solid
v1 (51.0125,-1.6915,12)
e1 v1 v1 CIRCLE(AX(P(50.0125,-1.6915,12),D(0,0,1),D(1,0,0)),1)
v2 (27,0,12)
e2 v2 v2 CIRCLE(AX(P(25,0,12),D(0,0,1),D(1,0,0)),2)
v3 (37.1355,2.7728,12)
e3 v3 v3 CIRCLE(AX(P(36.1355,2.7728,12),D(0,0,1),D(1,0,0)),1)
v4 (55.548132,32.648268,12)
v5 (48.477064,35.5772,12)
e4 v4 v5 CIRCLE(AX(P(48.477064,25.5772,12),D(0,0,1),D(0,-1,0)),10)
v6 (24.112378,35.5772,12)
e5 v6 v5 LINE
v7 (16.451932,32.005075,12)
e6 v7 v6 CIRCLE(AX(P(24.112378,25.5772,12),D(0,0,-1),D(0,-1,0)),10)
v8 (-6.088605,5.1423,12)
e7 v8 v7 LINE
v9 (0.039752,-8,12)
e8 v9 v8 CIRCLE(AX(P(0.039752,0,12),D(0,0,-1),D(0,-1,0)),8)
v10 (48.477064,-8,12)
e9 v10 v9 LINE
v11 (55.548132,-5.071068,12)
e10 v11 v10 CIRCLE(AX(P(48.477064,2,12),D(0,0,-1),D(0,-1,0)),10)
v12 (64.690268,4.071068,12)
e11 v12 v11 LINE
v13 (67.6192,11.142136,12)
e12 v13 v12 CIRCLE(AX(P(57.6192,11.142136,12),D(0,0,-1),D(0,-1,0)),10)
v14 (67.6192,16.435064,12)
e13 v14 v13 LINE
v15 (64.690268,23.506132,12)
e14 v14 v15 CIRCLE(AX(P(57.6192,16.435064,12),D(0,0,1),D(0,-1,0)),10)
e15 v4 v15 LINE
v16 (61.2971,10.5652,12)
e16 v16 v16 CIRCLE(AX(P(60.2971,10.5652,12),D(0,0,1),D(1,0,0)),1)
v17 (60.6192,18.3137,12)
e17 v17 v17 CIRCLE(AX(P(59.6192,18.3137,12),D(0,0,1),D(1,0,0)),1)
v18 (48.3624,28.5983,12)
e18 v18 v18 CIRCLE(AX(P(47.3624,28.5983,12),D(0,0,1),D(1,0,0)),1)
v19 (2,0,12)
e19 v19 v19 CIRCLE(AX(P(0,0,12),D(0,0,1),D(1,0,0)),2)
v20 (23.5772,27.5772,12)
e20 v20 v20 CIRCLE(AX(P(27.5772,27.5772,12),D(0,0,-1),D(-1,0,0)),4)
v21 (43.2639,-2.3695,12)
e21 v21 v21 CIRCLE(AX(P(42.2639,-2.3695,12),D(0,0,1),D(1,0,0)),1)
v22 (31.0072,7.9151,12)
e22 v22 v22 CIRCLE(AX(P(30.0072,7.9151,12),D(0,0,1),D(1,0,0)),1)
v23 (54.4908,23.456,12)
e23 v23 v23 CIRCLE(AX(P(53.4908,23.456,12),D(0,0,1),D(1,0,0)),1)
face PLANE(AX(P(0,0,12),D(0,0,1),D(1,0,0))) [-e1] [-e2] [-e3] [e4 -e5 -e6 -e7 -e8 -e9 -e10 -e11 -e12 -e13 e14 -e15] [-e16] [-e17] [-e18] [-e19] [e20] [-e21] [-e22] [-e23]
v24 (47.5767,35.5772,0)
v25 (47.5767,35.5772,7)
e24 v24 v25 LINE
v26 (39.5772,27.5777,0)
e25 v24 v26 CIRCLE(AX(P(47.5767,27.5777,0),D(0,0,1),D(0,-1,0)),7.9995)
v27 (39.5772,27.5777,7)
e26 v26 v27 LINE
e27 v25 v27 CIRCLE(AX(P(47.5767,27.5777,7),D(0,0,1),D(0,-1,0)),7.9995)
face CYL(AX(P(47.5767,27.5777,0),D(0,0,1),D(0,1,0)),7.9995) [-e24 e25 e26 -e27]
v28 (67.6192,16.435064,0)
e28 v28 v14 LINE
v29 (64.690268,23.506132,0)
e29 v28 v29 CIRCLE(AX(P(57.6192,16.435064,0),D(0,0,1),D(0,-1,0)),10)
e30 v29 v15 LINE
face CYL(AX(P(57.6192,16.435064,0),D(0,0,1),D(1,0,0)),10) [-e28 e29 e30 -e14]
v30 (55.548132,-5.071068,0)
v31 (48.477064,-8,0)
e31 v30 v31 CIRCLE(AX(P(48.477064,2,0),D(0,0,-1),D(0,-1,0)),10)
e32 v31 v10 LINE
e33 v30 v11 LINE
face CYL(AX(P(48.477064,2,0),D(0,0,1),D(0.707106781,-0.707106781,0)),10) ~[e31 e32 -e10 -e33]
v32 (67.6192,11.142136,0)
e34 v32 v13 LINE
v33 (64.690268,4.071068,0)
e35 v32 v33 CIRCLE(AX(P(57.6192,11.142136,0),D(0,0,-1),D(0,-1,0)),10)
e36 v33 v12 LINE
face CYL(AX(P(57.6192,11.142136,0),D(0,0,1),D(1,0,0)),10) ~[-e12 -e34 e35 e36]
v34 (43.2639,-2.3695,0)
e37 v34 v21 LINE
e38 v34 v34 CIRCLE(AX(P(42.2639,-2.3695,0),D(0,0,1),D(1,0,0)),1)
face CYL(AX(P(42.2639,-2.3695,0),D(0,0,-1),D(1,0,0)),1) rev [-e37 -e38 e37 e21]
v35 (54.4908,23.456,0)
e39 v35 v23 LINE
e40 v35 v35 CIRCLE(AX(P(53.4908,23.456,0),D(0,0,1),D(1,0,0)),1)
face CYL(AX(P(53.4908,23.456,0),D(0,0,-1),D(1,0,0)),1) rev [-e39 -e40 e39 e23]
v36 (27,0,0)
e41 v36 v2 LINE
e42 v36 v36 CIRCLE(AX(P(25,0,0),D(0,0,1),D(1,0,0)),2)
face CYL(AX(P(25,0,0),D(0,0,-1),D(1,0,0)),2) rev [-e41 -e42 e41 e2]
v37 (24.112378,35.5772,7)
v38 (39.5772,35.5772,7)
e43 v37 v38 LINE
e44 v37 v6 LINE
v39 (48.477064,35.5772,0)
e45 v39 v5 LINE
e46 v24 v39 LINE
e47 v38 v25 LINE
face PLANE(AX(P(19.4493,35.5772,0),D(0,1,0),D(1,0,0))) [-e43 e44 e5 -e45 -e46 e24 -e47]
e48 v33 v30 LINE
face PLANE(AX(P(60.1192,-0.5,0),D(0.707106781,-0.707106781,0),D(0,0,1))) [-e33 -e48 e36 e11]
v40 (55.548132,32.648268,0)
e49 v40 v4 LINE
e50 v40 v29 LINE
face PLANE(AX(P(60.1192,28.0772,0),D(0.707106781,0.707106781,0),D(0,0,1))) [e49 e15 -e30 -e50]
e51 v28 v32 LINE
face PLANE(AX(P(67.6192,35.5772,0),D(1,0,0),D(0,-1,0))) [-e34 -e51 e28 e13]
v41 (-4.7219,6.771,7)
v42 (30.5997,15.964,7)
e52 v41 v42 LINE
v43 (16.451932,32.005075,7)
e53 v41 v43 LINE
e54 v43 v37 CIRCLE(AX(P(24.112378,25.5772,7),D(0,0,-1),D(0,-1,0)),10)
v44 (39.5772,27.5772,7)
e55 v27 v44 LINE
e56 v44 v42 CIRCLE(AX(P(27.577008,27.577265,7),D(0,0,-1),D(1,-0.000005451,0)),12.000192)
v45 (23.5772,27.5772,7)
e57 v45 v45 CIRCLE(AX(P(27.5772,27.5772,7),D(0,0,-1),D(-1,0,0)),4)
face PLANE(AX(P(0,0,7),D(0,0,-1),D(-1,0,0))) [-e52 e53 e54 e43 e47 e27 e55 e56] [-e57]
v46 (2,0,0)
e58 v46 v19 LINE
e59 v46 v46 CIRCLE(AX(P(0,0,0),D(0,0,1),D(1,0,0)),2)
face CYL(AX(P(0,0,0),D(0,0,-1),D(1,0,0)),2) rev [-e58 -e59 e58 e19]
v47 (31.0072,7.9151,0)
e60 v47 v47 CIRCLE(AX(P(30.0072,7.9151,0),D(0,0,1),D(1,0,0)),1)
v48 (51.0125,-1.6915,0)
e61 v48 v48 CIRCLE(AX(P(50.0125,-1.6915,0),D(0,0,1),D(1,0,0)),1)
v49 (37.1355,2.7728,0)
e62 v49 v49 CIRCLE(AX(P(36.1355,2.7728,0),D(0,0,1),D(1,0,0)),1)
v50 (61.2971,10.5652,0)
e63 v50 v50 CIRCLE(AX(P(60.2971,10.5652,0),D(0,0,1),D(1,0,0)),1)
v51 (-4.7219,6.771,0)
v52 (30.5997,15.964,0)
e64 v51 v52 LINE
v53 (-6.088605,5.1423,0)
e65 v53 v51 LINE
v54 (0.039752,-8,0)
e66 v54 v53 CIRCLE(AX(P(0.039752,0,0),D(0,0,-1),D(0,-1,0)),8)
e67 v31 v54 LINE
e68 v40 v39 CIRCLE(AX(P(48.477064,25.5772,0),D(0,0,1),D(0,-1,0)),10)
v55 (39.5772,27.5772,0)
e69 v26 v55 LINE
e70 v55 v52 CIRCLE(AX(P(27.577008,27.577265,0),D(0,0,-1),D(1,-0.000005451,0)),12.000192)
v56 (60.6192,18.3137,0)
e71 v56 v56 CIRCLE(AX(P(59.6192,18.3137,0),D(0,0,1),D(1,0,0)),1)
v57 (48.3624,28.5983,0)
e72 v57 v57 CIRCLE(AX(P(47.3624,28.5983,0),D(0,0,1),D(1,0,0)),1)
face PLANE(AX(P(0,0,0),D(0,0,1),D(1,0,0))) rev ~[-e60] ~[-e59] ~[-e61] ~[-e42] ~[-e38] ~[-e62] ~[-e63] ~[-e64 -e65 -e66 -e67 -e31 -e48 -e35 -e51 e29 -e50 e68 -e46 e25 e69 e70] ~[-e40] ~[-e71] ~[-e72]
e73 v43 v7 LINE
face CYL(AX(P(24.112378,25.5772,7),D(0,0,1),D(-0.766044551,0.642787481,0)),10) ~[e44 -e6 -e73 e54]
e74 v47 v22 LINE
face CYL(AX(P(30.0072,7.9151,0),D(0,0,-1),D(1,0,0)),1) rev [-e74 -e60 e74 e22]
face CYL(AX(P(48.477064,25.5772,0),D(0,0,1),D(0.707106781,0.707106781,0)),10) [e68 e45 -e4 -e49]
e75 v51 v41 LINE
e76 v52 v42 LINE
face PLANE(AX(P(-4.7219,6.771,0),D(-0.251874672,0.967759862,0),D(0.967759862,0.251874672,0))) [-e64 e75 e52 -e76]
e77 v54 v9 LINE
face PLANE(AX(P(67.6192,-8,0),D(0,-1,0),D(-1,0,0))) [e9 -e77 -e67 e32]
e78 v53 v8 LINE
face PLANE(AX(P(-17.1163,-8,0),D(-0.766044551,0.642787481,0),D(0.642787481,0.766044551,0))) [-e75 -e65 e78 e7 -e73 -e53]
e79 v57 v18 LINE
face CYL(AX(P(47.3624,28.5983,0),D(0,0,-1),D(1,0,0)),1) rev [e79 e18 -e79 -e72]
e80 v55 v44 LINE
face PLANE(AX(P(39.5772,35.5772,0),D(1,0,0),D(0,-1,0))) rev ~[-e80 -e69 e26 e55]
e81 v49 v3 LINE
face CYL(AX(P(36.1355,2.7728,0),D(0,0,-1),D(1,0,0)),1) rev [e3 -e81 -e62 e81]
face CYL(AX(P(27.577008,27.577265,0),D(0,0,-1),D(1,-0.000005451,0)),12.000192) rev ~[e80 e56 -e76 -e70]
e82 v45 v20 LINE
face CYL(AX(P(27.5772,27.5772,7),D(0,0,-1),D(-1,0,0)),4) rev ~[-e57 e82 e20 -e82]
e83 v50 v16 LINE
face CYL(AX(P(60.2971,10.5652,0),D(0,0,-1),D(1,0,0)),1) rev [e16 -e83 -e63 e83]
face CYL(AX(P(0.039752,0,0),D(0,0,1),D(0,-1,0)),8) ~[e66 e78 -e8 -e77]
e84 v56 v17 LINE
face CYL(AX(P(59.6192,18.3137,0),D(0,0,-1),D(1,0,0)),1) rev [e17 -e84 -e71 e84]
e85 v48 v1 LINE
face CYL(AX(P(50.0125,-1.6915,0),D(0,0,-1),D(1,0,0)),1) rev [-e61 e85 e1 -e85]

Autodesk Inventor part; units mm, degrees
ref_plane "YZ Plane" through (0, 0, 0) normal (1, 0, 0) x (0, 1, 0)
ref_plane "XZ Plane" through (0, 0, 0) normal (0, 1, 0) x (-1, 0, 0)
ref_plane "XY Plane" through (0, 0, 0) normal (0, 0, 1) x (1, 0, 0)
sketch "Esquisse1" plane through (0, 0, 0) normal (0, 0, 1) x (1, 0, 0)
  circle A0 centre (0, 0) radius 2
  line L0 (0, 0) -> (46.5696, 0) construction
  line L1 (0, 0) -> (27.5772, 27.5772) construction
  circle A1 centre (27.5772, 27.5772) radius 2
  line L2 (27.5772, 27.5772) -> (55.1548, 4.4368) construction
  line L3 (27.5772, 27.5772) -> (45.4581, 27.5772) construction
  line L4 (0, 0) -> (0, -8) construction
  line L5 (0, 0) -> (-5.6569, 5.6569) construction
  line L6 (27.5772, 27.5772) -> (27.5772, 35.5772) construction
  line L7 (27.5772, 27.5772) -> (36.2548, 37.9188) construction
  line L8 (36.2548, 37.9188) -> (41.2341, 33.7406) construction
  line L9 (41.2341, 33.7406) -> (47.3624, 28.5983) construction
  line L10 (47.3624, 28.5983) -> (53.4908, 23.456) construction
  line L11 (53.4908, 23.456) -> (59.6192, 18.3137) construction
  line L12 (55.1548, 4.4368) -> (60.2971, 10.5652) construction
  circle A2 centre (41.2341, 33.7406) radius 1 construction
  circle A3 centre (47.3624, 28.5983) radius 1
  circle A4 centre (53.4908, 23.456) radius 1
  circle A5 centre (59.6192, 18.3137) radius 1
  circle A6 centre (60.2971, 10.5652) radius 1
  line L13 (59.6192, 18.3137) -> (67.6192, 18.3137) construction
  line L14 (67.6192, 35.5772) -> (67.6192, -8)
  line L15 (67.6192, -8) -> (-17.1163, -8)
  line L16 (-17.1163, -8) -> (19.4493, 35.5772)
  line L17 (19.4493, 35.5772) -> (67.6192, 35.5772)
  circle A7 centre (23.8788, 13.0574) radius 1 construction
  circle A8 centre (30.0072, 7.9151) radius 1
  circle A9 centre (36.1355, 2.7728) radius 1
  circle A10 centre (42.2639, -2.3695) radius 1
  circle A11 centre (50.0125, -1.6915) radius 1
  line L18 (0, 0) -> (25, 0) construction
  circle A12 centre (25, 0) radius 2
  dimension "d0" = 4
  dimension "d1" = 39
  dimension "d2" = 45
  dimension "d3" = 36
  dimension "d4" = 40
  dimension "d5" = 8
  dimension "d6" = 8
  dimension "d7" = 8
  dimension "d8" = 13.5
  dimension "d9" = 6.5
  dimension "d10" = 8
  dimension "d11" = 8
  dimension "d12" = 8
  dimension "d13" = 8
  dimension "d14" = 2
  dimension "d15" = 8
  dimension "d16" = 25
extrude "Extrusion1" add sketch "Esquisse1" along normal blind 12
sketch "Esquisse2" plane through (0, 0, 0) normal (0, 0, -1) x (-1, 0, 0)
  circle A0 centre (-27.5772, 27.5772) radius 2 projected
  circle A1 centre (0, 0) radius 2 projected
  line L0 (17.1163, -8) -> (-19.4493, 35.5772) projected
  line L1 (-19.4493, 35.5772) -> (-67.6192, 35.5772) projected
  circle A2 centre (-27.5772, 27.5772) radius 12 construction
  line L2 (-39.5772, 35.5772) -> (-39.5772, 27.5772)
  line L3 (4.7219, 6.771) -> (-30.5997, 15.964)
  arc A3 (-39.5772, 27.5772) -> (-30.5997, 15.964) centre (-27.5772, 27.5772) ccw
  line L4 (-67.6192, -8) -> (17.1163, -8) projected
  line L5 (0, 0) -> (0, 8) construction
  dimension "d19" = 24
  dimension "d42" = 8
extrude "Extrusion2" cut sketch "Esquisse2" against normal blind 7 contours L3 A3 L2 L1 L0
sketch "Esquisse3" plane through (0, 0, 7) normal (0, 0, -1) x (-1, 0, 0)
  circle A0 centre (-27.5772, 27.5772) radius 2 projected
  arc A1 (-39.5772, 27.5772) -> (-30.5997, 15.964) centre (-27.5772, 27.5772) ccw projected
  circle A2 centre (-27.5772, 27.5772) radius 4
  point P0 (0, 0)
  dimension "d24" = 8
extrude "Extrusion3" cut sketch "Esquisse3" against normal through all
fillet "Congé1" radius 8 1 edges at (-17.1163, -8, 6)
fillet "Congé2" radius 10 1 edges at (19.4493, 35.5772, 9.5)
fillet "Congé5" radius 8 1 edges at (39.5772, 35.5772, 3.5)
chamfer "Chanfrein1" distance 15 angle 45 1 edges at (67.6192, 35.5772, 6)
chamfer "Chanfrein2" distance 15 angle 45 1 edges at (67.6192, -8, 6)
fillet "Congé6" radius 10 1 edges at (67.6192, 20.5772, 6)
fillet "Congé7" radius 10 1 edges at (52.6192, 35.5772, 6)
fillet "Congé8" radius 10 1 edges at (67.6192, 7, 6)
fillet "Congé9" radius 10 1 edges at (52.6192, -8, 6)
properties part number "joint1left+ax12imprint_v3"
